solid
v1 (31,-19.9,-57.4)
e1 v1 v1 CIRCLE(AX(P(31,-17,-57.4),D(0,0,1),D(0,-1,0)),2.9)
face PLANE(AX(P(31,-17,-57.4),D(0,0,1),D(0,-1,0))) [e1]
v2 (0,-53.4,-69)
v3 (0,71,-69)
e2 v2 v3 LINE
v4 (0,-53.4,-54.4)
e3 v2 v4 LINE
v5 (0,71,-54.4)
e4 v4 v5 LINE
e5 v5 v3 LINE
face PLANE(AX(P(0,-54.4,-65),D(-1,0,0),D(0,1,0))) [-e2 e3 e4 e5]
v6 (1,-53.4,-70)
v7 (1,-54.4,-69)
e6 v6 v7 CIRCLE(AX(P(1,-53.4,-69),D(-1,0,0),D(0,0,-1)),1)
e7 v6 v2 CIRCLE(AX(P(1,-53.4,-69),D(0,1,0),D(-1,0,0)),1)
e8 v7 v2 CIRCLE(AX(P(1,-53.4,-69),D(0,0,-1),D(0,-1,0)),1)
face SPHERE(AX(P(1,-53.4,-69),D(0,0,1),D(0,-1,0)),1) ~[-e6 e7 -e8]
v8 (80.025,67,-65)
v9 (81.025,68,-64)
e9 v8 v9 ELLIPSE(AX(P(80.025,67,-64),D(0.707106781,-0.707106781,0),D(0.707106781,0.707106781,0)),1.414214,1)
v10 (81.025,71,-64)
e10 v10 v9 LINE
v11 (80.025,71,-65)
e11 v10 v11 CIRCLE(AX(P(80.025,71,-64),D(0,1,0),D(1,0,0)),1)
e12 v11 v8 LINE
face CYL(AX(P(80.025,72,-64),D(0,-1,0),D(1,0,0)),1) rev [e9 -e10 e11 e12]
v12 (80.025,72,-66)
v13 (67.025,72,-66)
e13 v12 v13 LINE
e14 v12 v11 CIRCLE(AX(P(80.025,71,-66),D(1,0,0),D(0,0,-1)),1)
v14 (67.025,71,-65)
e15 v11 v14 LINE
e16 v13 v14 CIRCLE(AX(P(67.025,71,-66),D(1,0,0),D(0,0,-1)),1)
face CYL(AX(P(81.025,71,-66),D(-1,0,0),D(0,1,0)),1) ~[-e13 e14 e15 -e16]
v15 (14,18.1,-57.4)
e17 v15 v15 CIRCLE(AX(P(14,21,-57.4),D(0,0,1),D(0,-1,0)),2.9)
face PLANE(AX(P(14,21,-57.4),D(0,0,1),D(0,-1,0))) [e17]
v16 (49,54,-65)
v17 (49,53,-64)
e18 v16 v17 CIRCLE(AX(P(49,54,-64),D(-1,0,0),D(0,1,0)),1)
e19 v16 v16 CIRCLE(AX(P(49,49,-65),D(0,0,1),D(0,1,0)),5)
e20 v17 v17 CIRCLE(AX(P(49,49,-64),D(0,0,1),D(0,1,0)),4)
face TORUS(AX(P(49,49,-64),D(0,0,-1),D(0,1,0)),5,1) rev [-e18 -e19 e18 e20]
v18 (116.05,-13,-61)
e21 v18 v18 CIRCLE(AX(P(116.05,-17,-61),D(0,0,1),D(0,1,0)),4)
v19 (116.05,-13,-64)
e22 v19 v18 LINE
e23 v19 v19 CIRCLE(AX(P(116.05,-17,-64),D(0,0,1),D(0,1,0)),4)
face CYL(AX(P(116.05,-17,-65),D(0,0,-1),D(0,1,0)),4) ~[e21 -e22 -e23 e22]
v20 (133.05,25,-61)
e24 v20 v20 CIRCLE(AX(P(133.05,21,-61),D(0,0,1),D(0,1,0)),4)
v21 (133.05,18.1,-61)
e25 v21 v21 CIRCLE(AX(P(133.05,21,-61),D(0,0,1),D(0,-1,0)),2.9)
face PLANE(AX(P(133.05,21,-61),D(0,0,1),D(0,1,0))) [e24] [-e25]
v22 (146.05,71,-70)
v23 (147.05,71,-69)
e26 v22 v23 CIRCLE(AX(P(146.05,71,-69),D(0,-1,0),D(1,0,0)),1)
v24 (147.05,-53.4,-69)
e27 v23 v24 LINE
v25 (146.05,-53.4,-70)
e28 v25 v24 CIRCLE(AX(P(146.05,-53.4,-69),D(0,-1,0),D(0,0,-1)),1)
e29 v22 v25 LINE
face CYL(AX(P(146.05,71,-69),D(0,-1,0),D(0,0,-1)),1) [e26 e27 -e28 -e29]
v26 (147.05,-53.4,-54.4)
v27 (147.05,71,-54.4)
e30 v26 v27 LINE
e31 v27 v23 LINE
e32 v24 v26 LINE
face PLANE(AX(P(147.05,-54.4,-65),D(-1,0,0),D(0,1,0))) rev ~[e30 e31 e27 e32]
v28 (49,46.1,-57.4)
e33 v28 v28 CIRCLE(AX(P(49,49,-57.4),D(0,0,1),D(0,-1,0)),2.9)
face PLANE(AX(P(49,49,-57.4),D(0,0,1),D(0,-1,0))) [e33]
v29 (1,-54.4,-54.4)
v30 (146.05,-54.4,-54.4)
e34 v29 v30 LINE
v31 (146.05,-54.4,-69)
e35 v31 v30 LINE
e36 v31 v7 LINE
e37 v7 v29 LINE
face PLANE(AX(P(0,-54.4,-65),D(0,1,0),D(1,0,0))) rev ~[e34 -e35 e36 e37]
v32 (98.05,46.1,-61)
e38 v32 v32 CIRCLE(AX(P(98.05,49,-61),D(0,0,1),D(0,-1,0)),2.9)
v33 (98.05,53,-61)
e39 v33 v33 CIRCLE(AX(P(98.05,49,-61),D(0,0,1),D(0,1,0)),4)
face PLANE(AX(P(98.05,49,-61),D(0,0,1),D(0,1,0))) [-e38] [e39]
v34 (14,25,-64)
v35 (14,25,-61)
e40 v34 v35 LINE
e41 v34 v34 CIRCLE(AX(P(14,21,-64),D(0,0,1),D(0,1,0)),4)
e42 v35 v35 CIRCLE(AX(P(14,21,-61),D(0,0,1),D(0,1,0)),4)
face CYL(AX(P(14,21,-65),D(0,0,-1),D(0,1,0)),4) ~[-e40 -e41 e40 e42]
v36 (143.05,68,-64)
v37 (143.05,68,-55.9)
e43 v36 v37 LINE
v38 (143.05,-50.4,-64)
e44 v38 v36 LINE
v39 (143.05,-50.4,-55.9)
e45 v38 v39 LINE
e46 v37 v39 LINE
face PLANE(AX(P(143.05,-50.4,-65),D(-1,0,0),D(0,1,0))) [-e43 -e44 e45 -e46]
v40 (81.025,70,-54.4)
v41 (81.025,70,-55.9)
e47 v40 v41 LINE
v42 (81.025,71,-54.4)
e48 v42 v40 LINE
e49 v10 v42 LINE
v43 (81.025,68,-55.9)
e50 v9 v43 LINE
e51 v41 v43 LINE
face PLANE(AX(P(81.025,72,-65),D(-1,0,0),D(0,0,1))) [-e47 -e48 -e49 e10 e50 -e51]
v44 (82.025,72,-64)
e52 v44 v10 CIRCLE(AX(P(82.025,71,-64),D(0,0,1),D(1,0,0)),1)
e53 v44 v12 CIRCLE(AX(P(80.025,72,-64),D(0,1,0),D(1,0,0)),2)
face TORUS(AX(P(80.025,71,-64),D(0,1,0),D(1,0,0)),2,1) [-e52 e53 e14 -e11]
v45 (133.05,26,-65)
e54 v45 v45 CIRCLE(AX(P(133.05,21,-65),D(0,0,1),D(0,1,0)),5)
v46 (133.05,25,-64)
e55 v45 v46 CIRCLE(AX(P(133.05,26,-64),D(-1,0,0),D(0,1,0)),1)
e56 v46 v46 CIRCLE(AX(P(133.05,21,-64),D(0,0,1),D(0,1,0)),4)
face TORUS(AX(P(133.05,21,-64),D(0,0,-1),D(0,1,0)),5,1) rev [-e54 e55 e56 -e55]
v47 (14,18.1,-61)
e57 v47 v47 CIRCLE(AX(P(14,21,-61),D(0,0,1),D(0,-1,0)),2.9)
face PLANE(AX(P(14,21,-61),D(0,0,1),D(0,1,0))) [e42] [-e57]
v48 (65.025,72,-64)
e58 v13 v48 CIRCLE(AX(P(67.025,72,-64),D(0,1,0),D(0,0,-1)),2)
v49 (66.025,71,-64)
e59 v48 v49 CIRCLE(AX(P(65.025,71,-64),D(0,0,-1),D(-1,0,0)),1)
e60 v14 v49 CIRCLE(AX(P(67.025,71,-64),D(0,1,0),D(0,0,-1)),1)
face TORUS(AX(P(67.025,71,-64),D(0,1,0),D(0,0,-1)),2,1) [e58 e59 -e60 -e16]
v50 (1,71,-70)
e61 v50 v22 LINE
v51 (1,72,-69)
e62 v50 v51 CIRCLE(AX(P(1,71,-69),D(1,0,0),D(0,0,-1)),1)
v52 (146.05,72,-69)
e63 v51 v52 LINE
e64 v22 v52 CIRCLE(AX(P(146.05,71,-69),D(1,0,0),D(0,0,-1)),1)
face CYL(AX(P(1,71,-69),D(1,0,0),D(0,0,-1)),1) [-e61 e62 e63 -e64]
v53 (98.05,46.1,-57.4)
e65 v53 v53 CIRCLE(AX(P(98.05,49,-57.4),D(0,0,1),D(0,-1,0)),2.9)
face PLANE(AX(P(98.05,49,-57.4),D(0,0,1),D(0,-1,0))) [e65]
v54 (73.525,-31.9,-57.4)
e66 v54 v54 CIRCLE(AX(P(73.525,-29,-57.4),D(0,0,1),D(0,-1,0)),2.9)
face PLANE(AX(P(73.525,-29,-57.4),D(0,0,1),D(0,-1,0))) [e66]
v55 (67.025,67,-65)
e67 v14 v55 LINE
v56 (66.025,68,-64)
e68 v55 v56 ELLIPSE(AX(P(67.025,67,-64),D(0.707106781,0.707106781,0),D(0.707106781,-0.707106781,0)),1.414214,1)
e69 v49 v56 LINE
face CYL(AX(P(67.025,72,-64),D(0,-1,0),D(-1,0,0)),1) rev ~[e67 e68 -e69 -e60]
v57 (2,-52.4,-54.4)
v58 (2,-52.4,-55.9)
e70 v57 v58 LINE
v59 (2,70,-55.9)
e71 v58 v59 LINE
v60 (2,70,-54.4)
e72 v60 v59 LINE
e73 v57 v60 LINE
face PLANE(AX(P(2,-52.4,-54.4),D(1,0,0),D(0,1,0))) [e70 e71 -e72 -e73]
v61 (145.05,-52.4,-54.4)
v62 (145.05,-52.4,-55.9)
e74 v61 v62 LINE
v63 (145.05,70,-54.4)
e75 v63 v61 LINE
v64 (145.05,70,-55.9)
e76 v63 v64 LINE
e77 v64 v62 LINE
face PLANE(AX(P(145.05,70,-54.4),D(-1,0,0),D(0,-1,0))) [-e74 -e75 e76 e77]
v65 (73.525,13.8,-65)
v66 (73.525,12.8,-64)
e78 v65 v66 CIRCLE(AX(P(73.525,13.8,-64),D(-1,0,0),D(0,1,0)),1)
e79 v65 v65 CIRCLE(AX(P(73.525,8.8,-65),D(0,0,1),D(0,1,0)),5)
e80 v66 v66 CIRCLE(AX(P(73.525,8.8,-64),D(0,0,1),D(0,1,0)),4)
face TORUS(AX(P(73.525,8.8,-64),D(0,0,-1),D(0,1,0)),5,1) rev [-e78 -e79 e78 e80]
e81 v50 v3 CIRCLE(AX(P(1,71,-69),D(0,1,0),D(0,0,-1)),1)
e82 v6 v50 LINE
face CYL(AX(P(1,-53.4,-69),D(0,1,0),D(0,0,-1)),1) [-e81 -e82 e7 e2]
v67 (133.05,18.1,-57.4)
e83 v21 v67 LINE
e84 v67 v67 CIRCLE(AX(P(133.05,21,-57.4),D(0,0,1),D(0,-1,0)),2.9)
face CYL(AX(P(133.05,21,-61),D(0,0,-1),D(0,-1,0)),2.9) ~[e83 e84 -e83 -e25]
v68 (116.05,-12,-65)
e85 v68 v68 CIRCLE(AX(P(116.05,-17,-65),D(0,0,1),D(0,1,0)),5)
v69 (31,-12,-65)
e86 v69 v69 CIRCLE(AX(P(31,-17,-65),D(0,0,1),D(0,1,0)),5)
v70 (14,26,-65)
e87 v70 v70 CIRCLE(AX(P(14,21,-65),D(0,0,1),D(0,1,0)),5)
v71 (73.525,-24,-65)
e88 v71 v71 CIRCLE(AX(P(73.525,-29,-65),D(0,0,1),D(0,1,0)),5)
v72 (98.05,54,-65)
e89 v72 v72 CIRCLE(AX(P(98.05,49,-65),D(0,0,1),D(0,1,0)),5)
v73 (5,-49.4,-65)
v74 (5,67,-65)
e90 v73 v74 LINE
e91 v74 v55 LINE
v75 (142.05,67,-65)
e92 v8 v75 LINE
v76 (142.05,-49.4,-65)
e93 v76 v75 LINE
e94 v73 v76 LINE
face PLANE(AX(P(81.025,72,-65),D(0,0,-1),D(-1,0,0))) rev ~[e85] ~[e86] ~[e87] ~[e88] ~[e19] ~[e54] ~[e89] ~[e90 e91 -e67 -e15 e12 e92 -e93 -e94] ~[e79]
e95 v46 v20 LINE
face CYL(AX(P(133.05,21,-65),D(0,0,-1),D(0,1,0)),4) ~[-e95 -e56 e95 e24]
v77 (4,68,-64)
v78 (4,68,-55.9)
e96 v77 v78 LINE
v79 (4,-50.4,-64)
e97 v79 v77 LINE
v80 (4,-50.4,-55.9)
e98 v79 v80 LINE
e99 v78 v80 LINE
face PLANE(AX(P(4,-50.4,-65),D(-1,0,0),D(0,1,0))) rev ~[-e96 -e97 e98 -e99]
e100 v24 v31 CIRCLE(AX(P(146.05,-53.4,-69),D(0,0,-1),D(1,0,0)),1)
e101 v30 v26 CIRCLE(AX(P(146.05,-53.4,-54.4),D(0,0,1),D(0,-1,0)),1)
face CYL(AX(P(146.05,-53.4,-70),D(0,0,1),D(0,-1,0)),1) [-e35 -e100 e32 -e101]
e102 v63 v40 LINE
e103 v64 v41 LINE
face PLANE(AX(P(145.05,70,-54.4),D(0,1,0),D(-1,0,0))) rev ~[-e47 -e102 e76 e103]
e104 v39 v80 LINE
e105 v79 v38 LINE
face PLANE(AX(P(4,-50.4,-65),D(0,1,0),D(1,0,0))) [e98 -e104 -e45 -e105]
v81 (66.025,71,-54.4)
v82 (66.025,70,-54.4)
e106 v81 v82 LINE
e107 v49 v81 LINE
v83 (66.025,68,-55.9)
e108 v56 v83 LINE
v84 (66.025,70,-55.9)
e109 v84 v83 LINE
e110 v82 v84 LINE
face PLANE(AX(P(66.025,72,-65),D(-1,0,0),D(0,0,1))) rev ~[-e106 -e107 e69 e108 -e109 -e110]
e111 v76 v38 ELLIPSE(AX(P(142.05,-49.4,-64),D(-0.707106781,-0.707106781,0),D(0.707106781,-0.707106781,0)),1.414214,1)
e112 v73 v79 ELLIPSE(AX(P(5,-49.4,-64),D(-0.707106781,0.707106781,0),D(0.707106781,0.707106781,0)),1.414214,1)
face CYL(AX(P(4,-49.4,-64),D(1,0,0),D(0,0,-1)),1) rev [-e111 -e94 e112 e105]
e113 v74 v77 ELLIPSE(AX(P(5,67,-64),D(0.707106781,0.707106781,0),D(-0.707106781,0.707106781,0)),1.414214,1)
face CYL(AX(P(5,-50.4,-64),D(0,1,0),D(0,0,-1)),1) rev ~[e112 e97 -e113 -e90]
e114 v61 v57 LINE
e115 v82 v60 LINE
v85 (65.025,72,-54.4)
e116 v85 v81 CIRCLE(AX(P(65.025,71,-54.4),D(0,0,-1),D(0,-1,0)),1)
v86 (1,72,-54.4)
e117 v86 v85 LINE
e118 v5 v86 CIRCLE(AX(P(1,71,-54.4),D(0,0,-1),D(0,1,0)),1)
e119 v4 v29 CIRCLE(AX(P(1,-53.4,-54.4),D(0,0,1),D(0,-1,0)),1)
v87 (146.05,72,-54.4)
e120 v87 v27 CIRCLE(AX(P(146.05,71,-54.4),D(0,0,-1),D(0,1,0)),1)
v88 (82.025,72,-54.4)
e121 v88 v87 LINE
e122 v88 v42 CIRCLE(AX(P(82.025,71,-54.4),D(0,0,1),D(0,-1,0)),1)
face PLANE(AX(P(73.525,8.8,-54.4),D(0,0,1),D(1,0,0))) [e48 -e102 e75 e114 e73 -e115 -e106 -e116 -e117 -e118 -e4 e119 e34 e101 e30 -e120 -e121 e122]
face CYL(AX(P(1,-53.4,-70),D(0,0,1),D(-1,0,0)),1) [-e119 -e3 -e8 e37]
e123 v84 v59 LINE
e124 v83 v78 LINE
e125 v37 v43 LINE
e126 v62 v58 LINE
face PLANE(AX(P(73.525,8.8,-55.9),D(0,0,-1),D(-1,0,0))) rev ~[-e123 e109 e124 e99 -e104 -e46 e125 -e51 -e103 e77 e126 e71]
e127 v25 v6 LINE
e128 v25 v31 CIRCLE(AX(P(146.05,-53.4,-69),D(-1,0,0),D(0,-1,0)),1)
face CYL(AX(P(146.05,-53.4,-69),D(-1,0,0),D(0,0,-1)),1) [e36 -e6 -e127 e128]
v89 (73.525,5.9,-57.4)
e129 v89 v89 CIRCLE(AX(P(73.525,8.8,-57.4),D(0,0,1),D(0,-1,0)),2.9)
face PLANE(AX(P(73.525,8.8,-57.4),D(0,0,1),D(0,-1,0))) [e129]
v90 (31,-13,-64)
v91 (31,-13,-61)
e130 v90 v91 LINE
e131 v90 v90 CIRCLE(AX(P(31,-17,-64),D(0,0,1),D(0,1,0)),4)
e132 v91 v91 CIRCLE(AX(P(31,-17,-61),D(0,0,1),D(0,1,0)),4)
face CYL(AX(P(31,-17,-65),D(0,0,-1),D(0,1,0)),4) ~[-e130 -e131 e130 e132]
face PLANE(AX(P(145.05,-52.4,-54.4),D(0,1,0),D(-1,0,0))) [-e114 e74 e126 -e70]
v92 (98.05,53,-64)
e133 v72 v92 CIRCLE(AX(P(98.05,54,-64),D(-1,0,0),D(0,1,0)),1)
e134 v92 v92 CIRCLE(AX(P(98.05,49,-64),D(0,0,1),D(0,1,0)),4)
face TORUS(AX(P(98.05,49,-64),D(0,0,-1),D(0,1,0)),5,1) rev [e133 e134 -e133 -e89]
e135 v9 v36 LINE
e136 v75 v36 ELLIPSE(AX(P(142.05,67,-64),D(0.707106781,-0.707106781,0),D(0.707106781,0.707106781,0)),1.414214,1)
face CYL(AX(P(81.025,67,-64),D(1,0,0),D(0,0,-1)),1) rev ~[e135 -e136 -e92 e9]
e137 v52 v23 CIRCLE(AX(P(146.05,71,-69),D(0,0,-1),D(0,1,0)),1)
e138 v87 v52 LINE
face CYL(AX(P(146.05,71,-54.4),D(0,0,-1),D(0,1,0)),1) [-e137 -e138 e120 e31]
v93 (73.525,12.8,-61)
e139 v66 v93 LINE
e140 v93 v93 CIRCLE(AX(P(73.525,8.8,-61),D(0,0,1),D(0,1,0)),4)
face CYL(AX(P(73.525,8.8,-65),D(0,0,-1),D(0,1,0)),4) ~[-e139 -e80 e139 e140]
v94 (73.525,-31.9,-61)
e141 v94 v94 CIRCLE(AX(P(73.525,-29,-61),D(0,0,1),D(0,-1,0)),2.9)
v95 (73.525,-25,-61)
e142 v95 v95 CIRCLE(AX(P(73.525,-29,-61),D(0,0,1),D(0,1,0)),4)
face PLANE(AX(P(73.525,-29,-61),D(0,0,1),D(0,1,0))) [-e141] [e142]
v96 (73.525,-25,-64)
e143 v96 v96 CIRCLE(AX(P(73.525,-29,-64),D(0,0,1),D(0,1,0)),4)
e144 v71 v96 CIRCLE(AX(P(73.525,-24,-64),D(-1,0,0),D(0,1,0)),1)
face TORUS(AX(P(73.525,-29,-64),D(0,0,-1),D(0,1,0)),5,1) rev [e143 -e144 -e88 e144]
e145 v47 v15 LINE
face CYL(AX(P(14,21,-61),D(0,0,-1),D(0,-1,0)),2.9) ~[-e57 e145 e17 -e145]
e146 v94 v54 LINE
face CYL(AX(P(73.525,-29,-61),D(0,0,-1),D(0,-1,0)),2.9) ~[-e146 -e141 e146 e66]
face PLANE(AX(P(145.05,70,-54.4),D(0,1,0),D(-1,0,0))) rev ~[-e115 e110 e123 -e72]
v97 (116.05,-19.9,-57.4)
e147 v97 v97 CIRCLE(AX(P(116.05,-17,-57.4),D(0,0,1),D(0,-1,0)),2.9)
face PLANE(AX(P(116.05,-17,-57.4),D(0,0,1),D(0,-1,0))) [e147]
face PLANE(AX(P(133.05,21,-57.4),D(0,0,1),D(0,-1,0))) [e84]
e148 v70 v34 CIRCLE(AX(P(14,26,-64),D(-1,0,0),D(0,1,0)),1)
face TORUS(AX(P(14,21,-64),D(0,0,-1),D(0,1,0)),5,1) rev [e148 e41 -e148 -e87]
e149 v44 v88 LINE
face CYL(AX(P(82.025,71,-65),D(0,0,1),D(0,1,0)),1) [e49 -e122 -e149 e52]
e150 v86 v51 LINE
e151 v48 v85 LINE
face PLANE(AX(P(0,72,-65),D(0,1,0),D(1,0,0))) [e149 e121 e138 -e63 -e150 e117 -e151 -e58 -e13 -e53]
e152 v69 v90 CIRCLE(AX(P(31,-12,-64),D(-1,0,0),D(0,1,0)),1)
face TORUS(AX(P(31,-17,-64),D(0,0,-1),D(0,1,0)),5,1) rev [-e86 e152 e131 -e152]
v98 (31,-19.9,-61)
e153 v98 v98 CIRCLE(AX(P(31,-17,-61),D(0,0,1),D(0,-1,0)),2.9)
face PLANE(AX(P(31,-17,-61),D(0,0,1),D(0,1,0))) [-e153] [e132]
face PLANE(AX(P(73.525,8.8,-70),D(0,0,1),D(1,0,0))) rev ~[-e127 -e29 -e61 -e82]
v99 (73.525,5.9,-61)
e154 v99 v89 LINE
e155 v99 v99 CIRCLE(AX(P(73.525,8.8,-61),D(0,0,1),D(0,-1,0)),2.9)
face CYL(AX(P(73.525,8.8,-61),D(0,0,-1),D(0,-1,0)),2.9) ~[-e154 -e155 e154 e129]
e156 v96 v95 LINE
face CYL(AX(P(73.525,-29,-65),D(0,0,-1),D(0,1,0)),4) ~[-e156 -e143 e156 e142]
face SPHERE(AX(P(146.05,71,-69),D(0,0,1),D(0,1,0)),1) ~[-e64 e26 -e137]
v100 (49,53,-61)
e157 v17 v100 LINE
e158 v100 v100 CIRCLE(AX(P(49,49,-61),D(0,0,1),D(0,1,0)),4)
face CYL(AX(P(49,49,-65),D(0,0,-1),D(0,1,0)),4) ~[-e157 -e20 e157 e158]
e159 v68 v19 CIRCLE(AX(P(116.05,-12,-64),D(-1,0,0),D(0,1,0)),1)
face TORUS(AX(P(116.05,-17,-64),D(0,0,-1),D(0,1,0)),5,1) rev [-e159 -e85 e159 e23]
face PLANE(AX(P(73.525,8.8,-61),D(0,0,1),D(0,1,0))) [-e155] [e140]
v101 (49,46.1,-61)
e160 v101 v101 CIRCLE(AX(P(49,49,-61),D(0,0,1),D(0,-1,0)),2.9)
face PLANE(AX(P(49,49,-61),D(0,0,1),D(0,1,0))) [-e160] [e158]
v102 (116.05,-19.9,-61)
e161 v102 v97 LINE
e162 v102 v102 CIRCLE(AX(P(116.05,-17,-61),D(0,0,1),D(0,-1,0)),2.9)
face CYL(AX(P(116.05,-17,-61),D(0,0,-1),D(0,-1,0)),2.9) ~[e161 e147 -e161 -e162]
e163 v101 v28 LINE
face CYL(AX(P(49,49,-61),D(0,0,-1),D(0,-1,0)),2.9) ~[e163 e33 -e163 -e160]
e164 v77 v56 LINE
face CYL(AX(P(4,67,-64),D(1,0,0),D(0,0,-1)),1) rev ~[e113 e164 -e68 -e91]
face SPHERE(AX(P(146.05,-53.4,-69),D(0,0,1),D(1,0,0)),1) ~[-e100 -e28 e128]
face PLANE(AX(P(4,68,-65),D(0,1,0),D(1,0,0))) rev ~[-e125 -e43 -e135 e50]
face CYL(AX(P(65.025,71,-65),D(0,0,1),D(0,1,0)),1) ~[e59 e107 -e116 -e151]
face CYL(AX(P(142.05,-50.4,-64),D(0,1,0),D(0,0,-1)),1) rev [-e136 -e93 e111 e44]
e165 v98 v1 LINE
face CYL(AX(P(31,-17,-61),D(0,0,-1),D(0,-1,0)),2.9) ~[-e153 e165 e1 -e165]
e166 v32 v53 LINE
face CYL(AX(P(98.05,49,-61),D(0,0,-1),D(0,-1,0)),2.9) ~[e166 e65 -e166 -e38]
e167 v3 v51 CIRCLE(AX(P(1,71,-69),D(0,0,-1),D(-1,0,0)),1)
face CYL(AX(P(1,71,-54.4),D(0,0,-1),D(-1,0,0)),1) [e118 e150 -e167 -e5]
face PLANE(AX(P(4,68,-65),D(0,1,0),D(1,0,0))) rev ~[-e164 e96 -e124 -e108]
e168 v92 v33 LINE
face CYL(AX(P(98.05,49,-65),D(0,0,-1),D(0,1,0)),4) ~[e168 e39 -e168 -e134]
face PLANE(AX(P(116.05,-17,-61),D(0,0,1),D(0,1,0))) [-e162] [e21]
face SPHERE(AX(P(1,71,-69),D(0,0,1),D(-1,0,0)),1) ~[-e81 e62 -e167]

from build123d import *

# Parameters (mm, degrees)
CROQUIS1_W                 = 147.05
CROQUIS1_H                 = 126.4
SALIENTE_EXTRUIR1_DEPTH    = 5
CROQUIS2_W                 = 147.05
CROQUIS2_H                 = 126.4
CROQUIS2_W_2               = 139.05
CROQUIS2_H_2               = 118.4
SALIENTE_EXTRUIR2_DEPTH    = 10.6
CROQUIS3_W                 = 15
CROQUIS3_H                 = 10.6
CORTAR_EXTRUIR1_DEPTH      = 4
CROQUIS4_R                 = 4
SALIENTE_EXTRUIR4_DEPTH    = 4
CROQUIS5_R                 = 2.9
SALIENTE_EXTRUIR5_DEPTH    = 3.6
CORTAR_EXTRUIR2_DEPTH      = 1.5
REDONDEO2_R                = 1
S_LIDO_MOVER_COPIAR1_ANGLE = 90
REDONDEO3_R                = 1
REDONDEO4_R                = 1


with BuildPart() as part:
    # Croquis1 → Saliente-Extruir1 (new body)
    with BuildSketch(Plane(origin=(0, 0, 0), x_dir=(1, 0, 0), z_dir=(0, 1, 0))):
        with Locations((73.525, 63.2)):
            Rectangle(CROQUIS1_W, CROQUIS1_H)
    extrude(amount=SALIENTE_EXTRUIR1_DEPTH)

    # Croquis2 → Saliente-Extruir2 (add)
    with BuildSketch(Plane(origin=(0, 5, 0), x_dir=(1, 0, 0), z_dir=(0, 1, 0))):
        with Locations((73.525, 63.2)):
            Rectangle(CROQUIS2_W, CROQUIS2_H)
        with Locations((73.525, 63.2)):
            Rectangle(CROQUIS2_W_2, CROQUIS2_H_2, mode=Mode.SUBTRACT)
    extrude(amount=SALIENTE_EXTRUIR2_DEPTH)

    # Croquis3 → Cortar-Extruir1 (cut)
    with BuildSketch(Plane(origin=(0, 0, -126.4), x_dir=(-1, 0, 0), z_dir=(0, 0, -1))):
        with Locations((-73.525, 10.3)):
            Rectangle(CROQUIS3_W, CROQUIS3_H)
    extrude(amount=-CORTAR_EXTRUIR1_DEPTH, mode=Mode.SUBTRACT)

    # Croquis4 → Saliente-Extruir4 (add)
    with BuildSketch(Plane(origin=(0, 5, 0), x_dir=(1, 0, 0), z_dir=(0, 1, 0))):
        with Locations(Location((14, 75.4, 0), (0, 0, 90))):
            Circle(CROQUIS4_R)
        with Locations(Location((49, 103.4, 0), (0, 0, 90))):
            Circle(CROQUIS4_R)
        with Locations(Location((31, 37.4, 0), (0, 0, 90))):
            Circle(CROQUIS4_R)
        with Locations(Location((116.05, 37.4, 0), (0, 0, 90))):
            Circle(CROQUIS4_R)
        with Locations(Location((133.05, 75.4, 0), (0, 0, 90))):
            Circle(CROQUIS4_R)
        with Locations(Location((98.05, 103.4, 0), (0, 0, 90))):
            Circle(CROQUIS4_R)
        with Locations(Location((73.525, 63.2, 0), (0, 0, 90))):
            Circle(CROQUIS4_R)
        with Locations(Location((73.525, 25.4, 0), (0, 0, 90))):
            Circle(CROQUIS4_R)
    extrude(amount=SALIENTE_EXTRUIR4_DEPTH)

    # Croquis5 → Saliente-Extruir5 (add)
    with BuildSketch(Plane(origin=(0, 9, 0), x_dir=(1, 0, 0), z_dir=(0, 1, 0))):
        with Locations(Location((14, 75.4, 0), (0, 0, 270))):
            Circle(CROQUIS5_R)
        with Locations(Location((49, 103.4, 0), (0, 0, 270))):
            Circle(CROQUIS5_R)
        with Locations(Location((98.05, 103.4, 0), (0, 0, 270))):
            Circle(CROQUIS5_R)
        with Locations(Location((73.525, 63.2, 0), (0, 0, 270))):
            Circle(CROQUIS5_R)
        with Locations(Location((31, 37.4, 0), (0, 0, 270))):
            Circle(CROQUIS5_R)
        with Locations(Location((116.05, 37.4, 0), (0, 0, 270))):
            Circle(CROQUIS5_R)
        with Locations(Location((133.05, 75.4, 0), (0, 0, 270))):
            Circle(CROQUIS5_R)
        with Locations(Location((73.525, 25.4, 0), (0, 0, 270))):
            Circle(CROQUIS5_R)
    extrude(amount=SALIENTE_EXTRUIR5_DEPTH)

    # Croquis6 → Cortar-Extruir2 (cut)
    with BuildSketch(Plane(origin=(0, 15.6, 0), x_dir=(1, 0, 0), z_dir=(0, 1, 0))):
        Polygon((66.025, 124.4), (81.025, 124.4), (145.05, 124.4), (145.05, 2), (2, 2), (2, 124.4), align=None)
    extrude(amount=-CORTAR_EXTRUIR2_DEPTH, mode=Mode.SUBTRACT)

    # Redondeo2
    redondeo2_edges = [part.edges().sort_by_distance(p)[0] for p in [
        (0, 7.8, -126.4),
        (147.05, 7.8, -126.4),
        (147.05, 7.8, 0),
        (0, 7.8, 0),
    ]]
    fillet(redondeo2_edges, radius=REDONDEO2_R)


with BuildPart() as part_1:
    # Sólido-Mover/Copiar1: moved
    add(part.part.rotate(Axis((0, 7.8, -62.2), (1, 0, 0)), S_LIDO_MOVER_COPIAR1_ANGLE))

    # Redondeo3
    redondeo3_edges = [part_1.edges().sort_by_distance(p)[0] for p in [
        (73.525, 72, -70),
        (0, 8.8, -70),
        (147.05, 8.8, -70),
        (73.525, -54.4, -70),
        (0.292893219, -54.107106781, -70),
        (146.757106781, -54.107106781, -70),
        (0.292893219, 71.707106781, -70),
        (146.757106781, 71.707106781, -70),
    ]]
    fillet(redondeo3_edges, radius=REDONDEO3_R)

    # Redondeo4
    redondeo4_edges = [part_1.edges().sort_by_distance(p)[0] for p in [
        (112.0375, 68, -65),
        (4, 8.8, -65),
        (73.525, -50.4, -65),
        (143.05, 8.8, -65),
        (35.0125, 68, -65),
        (81.025, 72, -59.7),
        (73.525, 72, -65),
        (66.025, 72, -59.7),
        (66.025, 70, -65),
        (81.025, 70, -65),
        (14, 17, -65),
        (49, 45, -65),
        (31, -21, -65),
        (73.525, -33, -65),
        (116.05, -21, -65),
        (133.05, 17, -65),
        (98.05, 45, -65),
        (73.525, 4.8, -65),
    ]]
    fillet(redondeo4_edges, radius=REDONDEO4_R)


solid = part_1.part
